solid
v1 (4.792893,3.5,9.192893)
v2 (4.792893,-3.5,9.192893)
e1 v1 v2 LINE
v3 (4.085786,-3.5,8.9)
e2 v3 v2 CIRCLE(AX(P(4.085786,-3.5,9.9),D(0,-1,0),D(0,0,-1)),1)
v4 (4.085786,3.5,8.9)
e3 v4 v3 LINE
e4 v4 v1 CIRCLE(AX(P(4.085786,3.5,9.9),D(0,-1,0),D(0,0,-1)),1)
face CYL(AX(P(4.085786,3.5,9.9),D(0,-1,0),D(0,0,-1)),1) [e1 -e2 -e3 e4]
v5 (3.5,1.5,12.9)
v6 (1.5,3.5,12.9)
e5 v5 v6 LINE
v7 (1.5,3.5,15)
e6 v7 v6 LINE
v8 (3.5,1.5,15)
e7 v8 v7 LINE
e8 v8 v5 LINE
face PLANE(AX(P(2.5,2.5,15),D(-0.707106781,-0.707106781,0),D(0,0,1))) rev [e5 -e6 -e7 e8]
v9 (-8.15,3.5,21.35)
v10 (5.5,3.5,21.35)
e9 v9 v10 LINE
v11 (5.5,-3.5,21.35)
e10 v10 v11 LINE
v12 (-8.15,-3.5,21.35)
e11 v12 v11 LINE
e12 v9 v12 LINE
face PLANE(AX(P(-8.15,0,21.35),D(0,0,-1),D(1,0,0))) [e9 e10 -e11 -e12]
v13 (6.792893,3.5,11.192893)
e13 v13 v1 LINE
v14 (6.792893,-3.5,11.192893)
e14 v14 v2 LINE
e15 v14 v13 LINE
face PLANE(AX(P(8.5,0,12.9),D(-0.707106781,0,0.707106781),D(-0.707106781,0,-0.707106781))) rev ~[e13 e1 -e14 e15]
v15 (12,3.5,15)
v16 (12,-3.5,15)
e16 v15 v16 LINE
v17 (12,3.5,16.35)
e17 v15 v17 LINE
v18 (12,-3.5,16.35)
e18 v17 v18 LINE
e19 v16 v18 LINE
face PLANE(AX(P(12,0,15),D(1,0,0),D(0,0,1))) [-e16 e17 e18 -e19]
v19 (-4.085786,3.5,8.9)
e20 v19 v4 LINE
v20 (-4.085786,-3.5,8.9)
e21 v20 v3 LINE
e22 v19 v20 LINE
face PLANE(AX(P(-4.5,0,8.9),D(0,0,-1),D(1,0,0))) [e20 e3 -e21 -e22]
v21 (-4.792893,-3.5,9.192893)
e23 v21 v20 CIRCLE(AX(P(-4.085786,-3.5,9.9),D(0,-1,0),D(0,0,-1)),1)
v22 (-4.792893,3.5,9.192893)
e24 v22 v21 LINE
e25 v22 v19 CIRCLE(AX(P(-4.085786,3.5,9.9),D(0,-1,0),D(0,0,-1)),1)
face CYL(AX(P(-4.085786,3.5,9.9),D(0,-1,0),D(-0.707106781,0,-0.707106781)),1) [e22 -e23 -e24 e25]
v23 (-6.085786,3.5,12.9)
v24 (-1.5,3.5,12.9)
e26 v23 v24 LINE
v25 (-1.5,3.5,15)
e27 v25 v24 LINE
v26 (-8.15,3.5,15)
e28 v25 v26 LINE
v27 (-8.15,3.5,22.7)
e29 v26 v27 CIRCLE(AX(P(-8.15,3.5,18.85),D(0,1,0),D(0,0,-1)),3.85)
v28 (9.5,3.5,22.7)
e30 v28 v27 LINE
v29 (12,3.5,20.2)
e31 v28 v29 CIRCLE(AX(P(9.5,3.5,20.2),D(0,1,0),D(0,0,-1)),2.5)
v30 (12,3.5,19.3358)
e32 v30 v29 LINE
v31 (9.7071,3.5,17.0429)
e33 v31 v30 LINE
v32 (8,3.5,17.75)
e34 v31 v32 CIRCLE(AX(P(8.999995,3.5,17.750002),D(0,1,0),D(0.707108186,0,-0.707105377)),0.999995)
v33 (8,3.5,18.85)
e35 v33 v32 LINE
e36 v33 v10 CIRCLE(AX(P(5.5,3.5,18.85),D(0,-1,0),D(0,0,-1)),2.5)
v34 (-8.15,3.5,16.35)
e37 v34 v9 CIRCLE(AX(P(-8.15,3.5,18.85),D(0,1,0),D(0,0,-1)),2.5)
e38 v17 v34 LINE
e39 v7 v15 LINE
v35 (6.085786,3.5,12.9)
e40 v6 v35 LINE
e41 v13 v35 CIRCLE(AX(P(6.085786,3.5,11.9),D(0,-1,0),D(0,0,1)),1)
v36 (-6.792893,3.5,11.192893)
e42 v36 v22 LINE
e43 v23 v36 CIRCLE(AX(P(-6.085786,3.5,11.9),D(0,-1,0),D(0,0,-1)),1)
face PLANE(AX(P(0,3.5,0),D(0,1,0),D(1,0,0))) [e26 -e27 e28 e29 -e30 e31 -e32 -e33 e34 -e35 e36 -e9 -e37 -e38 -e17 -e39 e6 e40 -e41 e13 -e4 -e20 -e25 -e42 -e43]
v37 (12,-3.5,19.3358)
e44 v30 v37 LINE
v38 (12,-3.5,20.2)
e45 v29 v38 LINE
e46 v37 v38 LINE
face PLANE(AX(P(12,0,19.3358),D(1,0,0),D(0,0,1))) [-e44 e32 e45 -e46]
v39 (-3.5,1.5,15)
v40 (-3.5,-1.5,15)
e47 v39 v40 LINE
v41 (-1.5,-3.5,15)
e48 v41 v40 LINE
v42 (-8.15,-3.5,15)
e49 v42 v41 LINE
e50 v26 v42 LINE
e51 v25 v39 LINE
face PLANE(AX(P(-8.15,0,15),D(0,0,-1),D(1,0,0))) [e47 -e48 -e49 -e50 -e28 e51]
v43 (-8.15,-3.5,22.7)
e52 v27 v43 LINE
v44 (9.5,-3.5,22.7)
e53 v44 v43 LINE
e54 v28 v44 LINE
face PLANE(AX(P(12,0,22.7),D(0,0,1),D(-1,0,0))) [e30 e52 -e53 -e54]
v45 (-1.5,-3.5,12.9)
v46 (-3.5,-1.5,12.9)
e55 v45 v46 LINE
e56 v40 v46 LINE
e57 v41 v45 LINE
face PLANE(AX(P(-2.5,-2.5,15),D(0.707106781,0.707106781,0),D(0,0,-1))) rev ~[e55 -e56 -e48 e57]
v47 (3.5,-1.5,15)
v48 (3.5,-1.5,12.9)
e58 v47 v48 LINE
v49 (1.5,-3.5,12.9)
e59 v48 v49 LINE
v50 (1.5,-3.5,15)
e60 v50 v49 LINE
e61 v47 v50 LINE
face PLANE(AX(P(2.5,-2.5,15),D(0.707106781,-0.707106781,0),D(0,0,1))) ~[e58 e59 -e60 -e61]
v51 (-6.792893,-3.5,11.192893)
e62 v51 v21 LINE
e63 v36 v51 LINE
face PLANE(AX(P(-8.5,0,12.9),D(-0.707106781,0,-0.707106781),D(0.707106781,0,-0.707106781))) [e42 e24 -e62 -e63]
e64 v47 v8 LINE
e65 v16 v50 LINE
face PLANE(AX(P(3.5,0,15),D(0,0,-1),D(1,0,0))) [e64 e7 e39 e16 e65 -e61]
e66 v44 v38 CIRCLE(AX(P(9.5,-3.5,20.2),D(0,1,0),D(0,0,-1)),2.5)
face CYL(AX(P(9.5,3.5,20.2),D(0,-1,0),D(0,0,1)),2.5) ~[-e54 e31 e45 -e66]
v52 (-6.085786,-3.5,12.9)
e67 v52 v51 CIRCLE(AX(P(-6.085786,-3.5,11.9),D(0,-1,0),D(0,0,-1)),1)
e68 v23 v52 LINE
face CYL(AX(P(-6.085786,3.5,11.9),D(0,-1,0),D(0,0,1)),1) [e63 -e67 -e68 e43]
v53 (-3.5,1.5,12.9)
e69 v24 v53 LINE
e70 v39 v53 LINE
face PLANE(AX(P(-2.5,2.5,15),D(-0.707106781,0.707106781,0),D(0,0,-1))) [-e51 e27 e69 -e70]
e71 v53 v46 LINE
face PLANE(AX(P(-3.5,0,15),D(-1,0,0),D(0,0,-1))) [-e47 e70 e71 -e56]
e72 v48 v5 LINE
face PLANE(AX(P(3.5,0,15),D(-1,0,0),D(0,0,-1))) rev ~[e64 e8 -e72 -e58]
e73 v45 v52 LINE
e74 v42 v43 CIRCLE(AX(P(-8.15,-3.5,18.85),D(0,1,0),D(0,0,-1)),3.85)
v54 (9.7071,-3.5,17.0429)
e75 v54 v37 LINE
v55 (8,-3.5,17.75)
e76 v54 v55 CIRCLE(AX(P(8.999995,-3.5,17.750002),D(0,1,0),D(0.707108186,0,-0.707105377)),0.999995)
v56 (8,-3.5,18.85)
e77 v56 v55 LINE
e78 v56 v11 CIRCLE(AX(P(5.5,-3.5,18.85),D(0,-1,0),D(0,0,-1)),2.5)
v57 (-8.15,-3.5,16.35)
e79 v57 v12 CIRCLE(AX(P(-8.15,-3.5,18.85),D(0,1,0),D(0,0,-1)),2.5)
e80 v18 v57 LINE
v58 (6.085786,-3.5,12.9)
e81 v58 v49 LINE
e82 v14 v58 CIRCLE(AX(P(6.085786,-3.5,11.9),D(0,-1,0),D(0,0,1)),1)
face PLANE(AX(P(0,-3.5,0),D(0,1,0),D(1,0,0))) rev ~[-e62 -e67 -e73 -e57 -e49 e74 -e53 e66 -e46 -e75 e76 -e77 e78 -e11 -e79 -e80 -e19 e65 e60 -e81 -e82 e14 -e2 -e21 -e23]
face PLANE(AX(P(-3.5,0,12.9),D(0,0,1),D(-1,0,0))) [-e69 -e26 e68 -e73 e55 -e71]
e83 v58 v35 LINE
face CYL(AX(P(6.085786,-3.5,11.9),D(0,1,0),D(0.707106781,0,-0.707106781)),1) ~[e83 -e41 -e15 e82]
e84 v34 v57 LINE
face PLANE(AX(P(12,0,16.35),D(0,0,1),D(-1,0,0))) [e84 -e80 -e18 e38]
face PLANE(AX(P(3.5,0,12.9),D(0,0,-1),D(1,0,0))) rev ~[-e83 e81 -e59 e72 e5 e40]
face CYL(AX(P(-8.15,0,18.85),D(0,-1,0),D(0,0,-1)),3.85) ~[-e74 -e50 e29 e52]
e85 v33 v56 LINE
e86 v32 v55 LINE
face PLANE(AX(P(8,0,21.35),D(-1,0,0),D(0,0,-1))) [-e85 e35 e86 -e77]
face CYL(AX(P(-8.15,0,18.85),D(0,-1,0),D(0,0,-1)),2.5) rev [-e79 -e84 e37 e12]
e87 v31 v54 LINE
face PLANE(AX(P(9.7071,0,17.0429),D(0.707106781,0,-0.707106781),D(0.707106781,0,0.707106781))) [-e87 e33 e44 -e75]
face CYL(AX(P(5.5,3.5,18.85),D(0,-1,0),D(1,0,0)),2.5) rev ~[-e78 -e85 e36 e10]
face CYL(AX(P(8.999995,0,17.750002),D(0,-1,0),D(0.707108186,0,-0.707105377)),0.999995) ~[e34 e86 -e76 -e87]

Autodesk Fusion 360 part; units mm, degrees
sketch "Sketch1" plane through (0, 0, 0) normal (0, 1, 0) x (1, 0, 0)
  line L0 (15, -15) -> (-15, -15)
  line L1 (-15, -15) -> (-15, 15)
  line L2 (-15, 15) -> (15, 15)
  line L3 (15, 15) -> (15, -15)
  line L4 (15, -15) -> (-15, 15) construction
  line L5 (-15, -15) -> (15, 15) construction
  line L6 (-4.05, -15) -> (-4.05, -12.8)
  line L7 (-4.05, -12.8) -> (-11.2444, -12.8)
  line L8 (-11.2444, -12.8) -> (-4.3444, -5.9)
  line L9 (-4.3444, -5.9) -> (0, -5.9)
  line L10 (0, 0) -> (0, -15) construction
  line L11 (4.05, -15) -> (4.05, -12.8)
  line L12 (4.05, -12.8) -> (11.2444, -12.8)
  line L13 (11.2444, -12.8) -> (4.3444, -5.9)
  line L14 (4.3444, -5.9) -> (0, -5.9)
  dimension "d1" = 30
  dimension "d2" = 30
  dimension "d3" = 8.1
  dimension "d4" = 9.1
  dimension "d6" = 2.2
  dimension "d7" = 1.1
sketch "Sketch2" plane through (0, 0, 0) normal (0, 1, 0) x (1, 0, 0)
  line L0 (15, -15) -> (-15, -15) construction
  line L1 (3.5, -15) -> (3.5, -12.9)
  line L2 (3.5, -12.9) -> (8.5, -12.9)
  line L3 (8.5, -12.9) -> (4.5, -8.9)
  line L4 (3.5, -15) -> (12, -15)
  line L5 (12, -15) -> (12, -16.35)
  line L6 (12, -16.35) -> (-8.15, -16.35)
  arc A0 (-8.15, -16.35) -> (-8.15, -21.35) centre (-8.15, -18.85) ccw
  line L7 (-8.15, -21.35) -> (8, -21.35)
  line L8 (8, -21.35) -> (8, -17.75)
  line L9 (9.7071, -17.0429) -> (12, -19.3358)
  line L10 (12, -19.3358) -> (12, -22.7)
  line L11 (12, -22.7) -> (-8.15, -22.7)
  arc A1 (-8.15, -15) -> (-8.15, -22.7) centre (-8.15, -18.85) ccw
  line L12 (-8.15, -15) -> (-3.5, -15)
  line L13 (-3.5, -15) -> (-3.5, -12.9)
  line L14 (-3.5, -12.9) -> (-8.5, -12.9)
  line L15 (-11.2444, -12.8) -> (-4.3444, -5.9) construction
  line L16 (-8.5, -12.9) -> (-4.5, -8.9)
  line L17 (-4.5, -8.9) -> (4.5, -8.9)
  line L18 (-12, -18.85) -> (-12, -26.3495) construction
  line L19 (-15, -15) -> (-15, 15)
  line L20 (15, 15) -> (15, -15)
  line L21 (0, 0) -> (0, -24.1039) construction
  arc A2 (9.7071, -17.0429) -> (8, -17.75) centre (9, -17.75) ccw
  point P0 (8, -15.3358)
  dimension "d8" = 3
  dimension "d9" = 3
  dimension "d12" = 1.35
  dimension "d13" = 4
  dimension "d14" = 7
  dimension "d15" = 17
  dimension "d18" = 4
  dimension "d19" = 5
  dimension "d20" = 45
  dimension "d25" = 1
  dimension "d26" = 1.4
  dimension "d40" = 2.1
extrude "Extrude1" add sketch "Sketch2" along normal mid plane 7
chamfer "Chamfer1" distance 2 angle 45 4 edges at (-3.5, -3.5, 13.95) (3.5, -3.5, 13.95) (3.5, 3.5, 13.95) (-3.5, 3.5, 13.95)
sketch "Sketch3" plane through (0, 0, 0) normal (0, 0, 1) x (1, 0, 0)
  circle A0 centre (0, 0) radius 4
  circle A1 centre (0, 0) radius 8.25
  dimension "d24" = 8
  dimension "d29" = 16.5
fillet "Fillet1" radius 2.5 2 edges at (8, 0, 21.35) (12, 0, 22.7)
fillet "Fillet2" radius 1 4 edges at (8.5, 0, 12.9) (4.5, 0, 8.9) (-4.5, 0, 8.9) (-8.5, 0, 12.9)
sketch "Sketch4" plane through (0, 0, 0) normal (0, 1, 0) x (1, 0, 0)
  line L0 (-1.5, -15) -> (-8.15, -15)
  line L1 (-6.325, -15) -> (-6.325, -14.9)
  arc A0 (-4.825, -15) -> (-6.325, -14.9) centre (-6.325, -26.2) ccw
  line L2 (-6.325, -14.9) -> (-5.7947, -14.9) construction
  dimension "d30" = 0.1
  dimension "d31" = 1.5
equation "d12 = ( 0.45 * 3 ) * 1 mm"
